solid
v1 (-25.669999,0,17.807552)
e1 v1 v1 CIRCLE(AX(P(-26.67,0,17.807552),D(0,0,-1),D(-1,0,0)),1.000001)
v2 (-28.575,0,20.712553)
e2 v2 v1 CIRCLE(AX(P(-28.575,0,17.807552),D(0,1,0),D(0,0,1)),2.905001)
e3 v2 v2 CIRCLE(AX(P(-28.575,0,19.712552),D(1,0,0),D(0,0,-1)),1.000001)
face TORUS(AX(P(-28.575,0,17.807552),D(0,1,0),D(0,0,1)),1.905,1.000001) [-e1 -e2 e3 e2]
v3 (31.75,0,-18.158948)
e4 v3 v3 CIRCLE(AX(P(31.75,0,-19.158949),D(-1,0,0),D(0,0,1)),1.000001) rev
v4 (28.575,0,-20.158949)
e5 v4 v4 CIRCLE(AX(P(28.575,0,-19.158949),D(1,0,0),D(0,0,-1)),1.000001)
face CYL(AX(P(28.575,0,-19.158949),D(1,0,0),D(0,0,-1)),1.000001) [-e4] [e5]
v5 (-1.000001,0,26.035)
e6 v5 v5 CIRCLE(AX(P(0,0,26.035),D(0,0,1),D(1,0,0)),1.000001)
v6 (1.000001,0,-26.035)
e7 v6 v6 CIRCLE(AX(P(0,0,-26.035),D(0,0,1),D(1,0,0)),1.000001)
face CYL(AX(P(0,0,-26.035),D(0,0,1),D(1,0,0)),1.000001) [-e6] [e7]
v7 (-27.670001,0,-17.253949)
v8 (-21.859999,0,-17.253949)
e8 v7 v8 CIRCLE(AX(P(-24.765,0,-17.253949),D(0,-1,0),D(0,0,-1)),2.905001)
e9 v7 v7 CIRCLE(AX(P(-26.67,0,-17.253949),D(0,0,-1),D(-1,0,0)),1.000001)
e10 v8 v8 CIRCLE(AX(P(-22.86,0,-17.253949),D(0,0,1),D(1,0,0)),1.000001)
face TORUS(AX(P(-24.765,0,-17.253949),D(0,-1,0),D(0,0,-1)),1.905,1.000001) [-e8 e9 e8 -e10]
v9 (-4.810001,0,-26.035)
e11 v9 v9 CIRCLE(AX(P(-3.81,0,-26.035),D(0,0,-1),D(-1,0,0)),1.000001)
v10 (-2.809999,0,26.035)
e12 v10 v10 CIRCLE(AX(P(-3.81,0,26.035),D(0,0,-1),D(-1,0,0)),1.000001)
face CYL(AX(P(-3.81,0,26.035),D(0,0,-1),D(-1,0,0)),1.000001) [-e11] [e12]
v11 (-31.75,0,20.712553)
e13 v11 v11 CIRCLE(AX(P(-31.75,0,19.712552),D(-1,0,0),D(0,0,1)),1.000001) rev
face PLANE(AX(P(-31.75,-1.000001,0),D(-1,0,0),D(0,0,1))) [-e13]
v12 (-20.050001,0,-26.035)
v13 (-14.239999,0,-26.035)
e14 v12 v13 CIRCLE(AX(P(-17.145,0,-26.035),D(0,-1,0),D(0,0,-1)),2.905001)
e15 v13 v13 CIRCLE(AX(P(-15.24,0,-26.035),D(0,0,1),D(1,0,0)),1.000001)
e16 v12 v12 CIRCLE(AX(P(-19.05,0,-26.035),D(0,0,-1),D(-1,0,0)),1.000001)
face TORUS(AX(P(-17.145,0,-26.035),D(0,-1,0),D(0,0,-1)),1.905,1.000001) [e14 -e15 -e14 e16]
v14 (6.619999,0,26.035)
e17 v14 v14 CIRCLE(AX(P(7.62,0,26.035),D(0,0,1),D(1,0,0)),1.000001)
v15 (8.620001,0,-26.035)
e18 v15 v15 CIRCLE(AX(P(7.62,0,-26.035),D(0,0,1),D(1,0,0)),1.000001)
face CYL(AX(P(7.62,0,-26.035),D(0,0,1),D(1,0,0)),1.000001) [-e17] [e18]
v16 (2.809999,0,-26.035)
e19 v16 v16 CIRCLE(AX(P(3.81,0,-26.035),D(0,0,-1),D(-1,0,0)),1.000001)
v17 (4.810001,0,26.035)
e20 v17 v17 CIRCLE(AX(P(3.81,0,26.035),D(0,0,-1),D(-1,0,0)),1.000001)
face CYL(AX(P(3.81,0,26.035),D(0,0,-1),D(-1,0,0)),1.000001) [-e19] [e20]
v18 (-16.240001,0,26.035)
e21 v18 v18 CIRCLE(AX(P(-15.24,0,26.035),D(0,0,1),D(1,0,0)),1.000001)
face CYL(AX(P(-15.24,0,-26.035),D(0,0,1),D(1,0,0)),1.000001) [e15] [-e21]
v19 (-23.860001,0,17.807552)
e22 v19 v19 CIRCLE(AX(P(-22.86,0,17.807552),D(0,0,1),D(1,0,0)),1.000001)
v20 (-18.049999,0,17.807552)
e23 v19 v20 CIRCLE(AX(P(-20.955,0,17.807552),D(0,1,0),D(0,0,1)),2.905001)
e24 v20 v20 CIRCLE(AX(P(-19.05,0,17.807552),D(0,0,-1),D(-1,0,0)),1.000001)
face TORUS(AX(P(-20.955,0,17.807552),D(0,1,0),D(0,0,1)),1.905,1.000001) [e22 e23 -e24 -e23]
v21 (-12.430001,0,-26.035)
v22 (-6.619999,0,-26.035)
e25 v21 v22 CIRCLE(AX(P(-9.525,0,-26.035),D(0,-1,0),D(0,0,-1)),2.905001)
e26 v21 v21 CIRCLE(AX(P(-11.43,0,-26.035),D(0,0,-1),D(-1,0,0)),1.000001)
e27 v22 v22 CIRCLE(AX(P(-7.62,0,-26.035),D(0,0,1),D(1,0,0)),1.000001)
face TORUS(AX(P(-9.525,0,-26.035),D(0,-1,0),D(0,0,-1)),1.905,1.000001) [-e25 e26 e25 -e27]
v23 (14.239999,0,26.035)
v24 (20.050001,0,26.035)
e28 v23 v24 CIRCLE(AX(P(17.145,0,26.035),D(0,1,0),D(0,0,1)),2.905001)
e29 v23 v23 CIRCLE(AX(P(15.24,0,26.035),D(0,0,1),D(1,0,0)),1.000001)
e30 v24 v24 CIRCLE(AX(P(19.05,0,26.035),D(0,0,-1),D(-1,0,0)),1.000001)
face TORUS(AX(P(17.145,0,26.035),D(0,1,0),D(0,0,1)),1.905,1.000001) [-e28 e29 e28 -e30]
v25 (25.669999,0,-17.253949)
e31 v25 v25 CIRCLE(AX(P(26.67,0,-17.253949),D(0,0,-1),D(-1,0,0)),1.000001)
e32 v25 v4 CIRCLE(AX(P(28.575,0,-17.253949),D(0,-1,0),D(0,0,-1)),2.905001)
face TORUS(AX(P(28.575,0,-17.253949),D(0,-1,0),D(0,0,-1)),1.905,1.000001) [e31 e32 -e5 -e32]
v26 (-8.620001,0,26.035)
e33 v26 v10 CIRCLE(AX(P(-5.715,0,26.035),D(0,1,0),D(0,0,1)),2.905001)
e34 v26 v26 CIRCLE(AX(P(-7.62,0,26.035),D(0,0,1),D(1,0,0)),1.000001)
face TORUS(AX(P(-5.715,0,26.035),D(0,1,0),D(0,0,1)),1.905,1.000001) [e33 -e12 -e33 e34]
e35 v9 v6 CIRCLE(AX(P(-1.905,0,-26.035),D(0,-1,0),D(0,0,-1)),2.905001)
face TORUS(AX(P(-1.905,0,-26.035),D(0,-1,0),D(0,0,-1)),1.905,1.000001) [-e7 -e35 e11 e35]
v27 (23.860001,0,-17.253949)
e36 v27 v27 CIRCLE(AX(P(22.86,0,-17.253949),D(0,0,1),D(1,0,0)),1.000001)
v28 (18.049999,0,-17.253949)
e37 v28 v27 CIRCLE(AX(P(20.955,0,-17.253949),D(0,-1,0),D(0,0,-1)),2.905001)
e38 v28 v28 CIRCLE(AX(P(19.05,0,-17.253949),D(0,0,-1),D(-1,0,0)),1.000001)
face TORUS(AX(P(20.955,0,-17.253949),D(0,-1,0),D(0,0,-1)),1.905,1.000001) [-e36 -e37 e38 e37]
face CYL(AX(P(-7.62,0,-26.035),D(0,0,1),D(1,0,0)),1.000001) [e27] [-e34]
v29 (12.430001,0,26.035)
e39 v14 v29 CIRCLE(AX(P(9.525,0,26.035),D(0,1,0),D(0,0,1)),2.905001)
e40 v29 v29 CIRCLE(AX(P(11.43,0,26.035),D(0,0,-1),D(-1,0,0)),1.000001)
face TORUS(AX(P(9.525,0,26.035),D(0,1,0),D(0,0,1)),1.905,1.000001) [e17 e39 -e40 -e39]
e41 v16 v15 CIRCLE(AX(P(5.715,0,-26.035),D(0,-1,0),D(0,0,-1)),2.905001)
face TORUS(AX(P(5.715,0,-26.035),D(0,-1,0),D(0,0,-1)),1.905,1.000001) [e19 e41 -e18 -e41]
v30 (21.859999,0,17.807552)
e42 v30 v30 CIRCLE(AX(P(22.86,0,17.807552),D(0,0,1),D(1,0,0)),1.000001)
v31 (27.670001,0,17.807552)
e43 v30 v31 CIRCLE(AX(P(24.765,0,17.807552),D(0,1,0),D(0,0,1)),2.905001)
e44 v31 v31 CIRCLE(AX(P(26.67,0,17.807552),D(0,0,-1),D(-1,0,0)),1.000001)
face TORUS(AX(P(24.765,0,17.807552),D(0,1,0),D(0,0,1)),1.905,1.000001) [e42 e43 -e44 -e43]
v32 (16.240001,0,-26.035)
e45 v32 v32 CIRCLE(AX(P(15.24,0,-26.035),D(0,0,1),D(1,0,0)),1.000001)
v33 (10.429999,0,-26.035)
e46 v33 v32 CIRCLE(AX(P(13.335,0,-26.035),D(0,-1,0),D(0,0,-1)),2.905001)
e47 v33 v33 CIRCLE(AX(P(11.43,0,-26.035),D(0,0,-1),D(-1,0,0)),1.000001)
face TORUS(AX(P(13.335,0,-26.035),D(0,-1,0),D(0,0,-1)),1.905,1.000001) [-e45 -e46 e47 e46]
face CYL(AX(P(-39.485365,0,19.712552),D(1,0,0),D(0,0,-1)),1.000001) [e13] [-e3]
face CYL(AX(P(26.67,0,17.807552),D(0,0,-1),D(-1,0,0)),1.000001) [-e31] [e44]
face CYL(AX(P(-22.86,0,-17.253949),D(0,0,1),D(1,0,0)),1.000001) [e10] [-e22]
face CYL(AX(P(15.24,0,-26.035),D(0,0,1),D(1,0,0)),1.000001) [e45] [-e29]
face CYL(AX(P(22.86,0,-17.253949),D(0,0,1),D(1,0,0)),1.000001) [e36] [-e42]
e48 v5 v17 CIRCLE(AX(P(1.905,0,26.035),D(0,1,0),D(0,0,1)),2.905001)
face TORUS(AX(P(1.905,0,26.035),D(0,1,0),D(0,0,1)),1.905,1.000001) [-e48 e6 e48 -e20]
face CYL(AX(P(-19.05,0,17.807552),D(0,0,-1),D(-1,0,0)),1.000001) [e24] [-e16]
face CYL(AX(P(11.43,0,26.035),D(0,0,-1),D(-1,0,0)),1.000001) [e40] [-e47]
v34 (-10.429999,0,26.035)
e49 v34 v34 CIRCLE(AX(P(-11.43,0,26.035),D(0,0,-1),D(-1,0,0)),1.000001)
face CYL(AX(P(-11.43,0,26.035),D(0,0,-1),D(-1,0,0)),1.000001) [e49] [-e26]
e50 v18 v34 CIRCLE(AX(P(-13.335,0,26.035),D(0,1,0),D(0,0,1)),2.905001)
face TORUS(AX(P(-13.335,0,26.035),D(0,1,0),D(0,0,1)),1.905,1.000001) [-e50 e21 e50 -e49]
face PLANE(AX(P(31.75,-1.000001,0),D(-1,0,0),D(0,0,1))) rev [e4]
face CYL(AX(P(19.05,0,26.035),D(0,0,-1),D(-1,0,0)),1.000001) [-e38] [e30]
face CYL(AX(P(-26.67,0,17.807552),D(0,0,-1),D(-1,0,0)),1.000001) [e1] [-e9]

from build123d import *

# Parameters (mm, degrees)
SKETCH74_R              = 1.00000054
CUT_EXTRUDE4_DEPTH      = 49.965474539
CUT_EXTRUDE4_DEPTH_BACK = 49.965474539
SKETCH71_W              = 73.76617856
SKETCH71_H              = 63.5
SKETCH71_W_2            = 50.974683991


with BuildPart() as part:
    # Sweep4: sweep along a path in Sketch73
    with BuildLine(Plane(origin=(0, 0, 0), x_dir=(1, 0, 0), z_dir=(0, 1, 0))) as sweep4_path:
        Line((39.061357686, 19.158948776), (28.575, 19.158948776))
        ThreePointArc((28.575, 19.158948776), (27.227961582, 18.600987194), (26.67, 17.253948776))
        Line((26.67, 17.253948776), (26.67, -17.807552249))
        ThreePointArc((26.67, -17.807552249), (24.765, -19.712552249), (22.86, -17.807552249))
        Line((22.86, -17.807552249), (22.86, 17.253948776))
        ThreePointArc((22.86, 17.253948776), (20.955, 19.158948776), (19.05, 17.253948776))
        Line((19.05, 17.253948776), (19.05, -26.035))
        ThreePointArc((19.05, -26.035), (17.145, -27.94), (15.24, -26.035))
        Line((15.24, -26.035), (15.24, 26.035))
        ThreePointArc((15.24, 26.035), (13.335, 27.94), (11.43, 26.035))
        Line((11.43, 26.035), (11.43, -26.035))
        ThreePointArc((11.43, -26.035), (9.525, -27.94), (7.62, -26.035))
        Line((7.62, -26.035), (7.62, 26.035))
        ThreePointArc((7.62, 26.035), (5.715, 27.94), (3.81, 26.035))
        Line((3.81, 26.035), (3.81, -26.035))
        ThreePointArc((3.81, -26.035), (1.905, -27.94), (0, -26.035))
        Line((0, -26.035), (0, 26.035))
        ThreePointArc((0, 26.035), (-1.905, 27.94), (-3.81, 26.035))
        Line((-3.81, 26.035), (-3.81, -26.035))
        ThreePointArc((-3.81, -26.035), (-5.715, -27.94), (-7.62, -26.035))
        Line((-7.62, -26.035), (-7.62, 26.035))
        ThreePointArc((-7.62, 26.035), (-9.525, 27.94), (-11.43, 26.035))
        Line((-11.43, 26.035), (-11.43, -26.035))
        ThreePointArc((-11.43, -26.035), (-13.335, -27.94), (-15.24, -26.035))
        Line((-15.24, -26.035), (-15.24, 26.035))
        ThreePointArc((-15.24, 26.035), (-17.145, 27.94), (-19.05, 26.035))
        Line((-19.05, 26.035), (-19.05, -17.807552249))
        ThreePointArc((-19.05, -17.807552249), (-20.955, -19.712552249), (-22.86, -17.807552249))
        Line((-22.86, -17.807552249), (-22.86, 17.253948776))
        ThreePointArc((-22.86, 17.253948776), (-24.765, 19.158948776), (-26.67, 17.253948776))
        Line((-26.67, 17.253948776), (-26.67, -17.807552249))
        ThreePointArc((-26.67, -17.807552249), (-27.227961582, -19.154590667), (-28.575, -19.712552249))
        Line((-28.575, -19.712552249), (-39.485365118, -19.712552249))
    # Sketch74 → Sweep4 (sweep)
    with BuildSketch(Plane.XY):
        Circle(SKETCH74_R)
    sweep(path=sweep4_path.line)

    # Sketch71 → Cut-Extrude4 (cut, two sides: drawn at the far end of the back side and taken through both)
    with BuildSketch(Plane(origin=(0, 0, 0), x_dir=(1, 0, 0), z_dir=(0, 1, 0)).offset(-CUT_EXTRUDE4_DEPTH_BACK)):
        with Locations((68.63308928, 0)):
            Rectangle(SKETCH71_W, SKETCH71_H)
        with Locations((-57.237341996, 0)):
            Rectangle(SKETCH71_W_2, SKETCH71_H)
    extrude(amount=CUT_EXTRUDE4_DEPTH + CUT_EXTRUDE4_DEPTH_BACK, mode=Mode.SUBTRACT)


solid = part.part
